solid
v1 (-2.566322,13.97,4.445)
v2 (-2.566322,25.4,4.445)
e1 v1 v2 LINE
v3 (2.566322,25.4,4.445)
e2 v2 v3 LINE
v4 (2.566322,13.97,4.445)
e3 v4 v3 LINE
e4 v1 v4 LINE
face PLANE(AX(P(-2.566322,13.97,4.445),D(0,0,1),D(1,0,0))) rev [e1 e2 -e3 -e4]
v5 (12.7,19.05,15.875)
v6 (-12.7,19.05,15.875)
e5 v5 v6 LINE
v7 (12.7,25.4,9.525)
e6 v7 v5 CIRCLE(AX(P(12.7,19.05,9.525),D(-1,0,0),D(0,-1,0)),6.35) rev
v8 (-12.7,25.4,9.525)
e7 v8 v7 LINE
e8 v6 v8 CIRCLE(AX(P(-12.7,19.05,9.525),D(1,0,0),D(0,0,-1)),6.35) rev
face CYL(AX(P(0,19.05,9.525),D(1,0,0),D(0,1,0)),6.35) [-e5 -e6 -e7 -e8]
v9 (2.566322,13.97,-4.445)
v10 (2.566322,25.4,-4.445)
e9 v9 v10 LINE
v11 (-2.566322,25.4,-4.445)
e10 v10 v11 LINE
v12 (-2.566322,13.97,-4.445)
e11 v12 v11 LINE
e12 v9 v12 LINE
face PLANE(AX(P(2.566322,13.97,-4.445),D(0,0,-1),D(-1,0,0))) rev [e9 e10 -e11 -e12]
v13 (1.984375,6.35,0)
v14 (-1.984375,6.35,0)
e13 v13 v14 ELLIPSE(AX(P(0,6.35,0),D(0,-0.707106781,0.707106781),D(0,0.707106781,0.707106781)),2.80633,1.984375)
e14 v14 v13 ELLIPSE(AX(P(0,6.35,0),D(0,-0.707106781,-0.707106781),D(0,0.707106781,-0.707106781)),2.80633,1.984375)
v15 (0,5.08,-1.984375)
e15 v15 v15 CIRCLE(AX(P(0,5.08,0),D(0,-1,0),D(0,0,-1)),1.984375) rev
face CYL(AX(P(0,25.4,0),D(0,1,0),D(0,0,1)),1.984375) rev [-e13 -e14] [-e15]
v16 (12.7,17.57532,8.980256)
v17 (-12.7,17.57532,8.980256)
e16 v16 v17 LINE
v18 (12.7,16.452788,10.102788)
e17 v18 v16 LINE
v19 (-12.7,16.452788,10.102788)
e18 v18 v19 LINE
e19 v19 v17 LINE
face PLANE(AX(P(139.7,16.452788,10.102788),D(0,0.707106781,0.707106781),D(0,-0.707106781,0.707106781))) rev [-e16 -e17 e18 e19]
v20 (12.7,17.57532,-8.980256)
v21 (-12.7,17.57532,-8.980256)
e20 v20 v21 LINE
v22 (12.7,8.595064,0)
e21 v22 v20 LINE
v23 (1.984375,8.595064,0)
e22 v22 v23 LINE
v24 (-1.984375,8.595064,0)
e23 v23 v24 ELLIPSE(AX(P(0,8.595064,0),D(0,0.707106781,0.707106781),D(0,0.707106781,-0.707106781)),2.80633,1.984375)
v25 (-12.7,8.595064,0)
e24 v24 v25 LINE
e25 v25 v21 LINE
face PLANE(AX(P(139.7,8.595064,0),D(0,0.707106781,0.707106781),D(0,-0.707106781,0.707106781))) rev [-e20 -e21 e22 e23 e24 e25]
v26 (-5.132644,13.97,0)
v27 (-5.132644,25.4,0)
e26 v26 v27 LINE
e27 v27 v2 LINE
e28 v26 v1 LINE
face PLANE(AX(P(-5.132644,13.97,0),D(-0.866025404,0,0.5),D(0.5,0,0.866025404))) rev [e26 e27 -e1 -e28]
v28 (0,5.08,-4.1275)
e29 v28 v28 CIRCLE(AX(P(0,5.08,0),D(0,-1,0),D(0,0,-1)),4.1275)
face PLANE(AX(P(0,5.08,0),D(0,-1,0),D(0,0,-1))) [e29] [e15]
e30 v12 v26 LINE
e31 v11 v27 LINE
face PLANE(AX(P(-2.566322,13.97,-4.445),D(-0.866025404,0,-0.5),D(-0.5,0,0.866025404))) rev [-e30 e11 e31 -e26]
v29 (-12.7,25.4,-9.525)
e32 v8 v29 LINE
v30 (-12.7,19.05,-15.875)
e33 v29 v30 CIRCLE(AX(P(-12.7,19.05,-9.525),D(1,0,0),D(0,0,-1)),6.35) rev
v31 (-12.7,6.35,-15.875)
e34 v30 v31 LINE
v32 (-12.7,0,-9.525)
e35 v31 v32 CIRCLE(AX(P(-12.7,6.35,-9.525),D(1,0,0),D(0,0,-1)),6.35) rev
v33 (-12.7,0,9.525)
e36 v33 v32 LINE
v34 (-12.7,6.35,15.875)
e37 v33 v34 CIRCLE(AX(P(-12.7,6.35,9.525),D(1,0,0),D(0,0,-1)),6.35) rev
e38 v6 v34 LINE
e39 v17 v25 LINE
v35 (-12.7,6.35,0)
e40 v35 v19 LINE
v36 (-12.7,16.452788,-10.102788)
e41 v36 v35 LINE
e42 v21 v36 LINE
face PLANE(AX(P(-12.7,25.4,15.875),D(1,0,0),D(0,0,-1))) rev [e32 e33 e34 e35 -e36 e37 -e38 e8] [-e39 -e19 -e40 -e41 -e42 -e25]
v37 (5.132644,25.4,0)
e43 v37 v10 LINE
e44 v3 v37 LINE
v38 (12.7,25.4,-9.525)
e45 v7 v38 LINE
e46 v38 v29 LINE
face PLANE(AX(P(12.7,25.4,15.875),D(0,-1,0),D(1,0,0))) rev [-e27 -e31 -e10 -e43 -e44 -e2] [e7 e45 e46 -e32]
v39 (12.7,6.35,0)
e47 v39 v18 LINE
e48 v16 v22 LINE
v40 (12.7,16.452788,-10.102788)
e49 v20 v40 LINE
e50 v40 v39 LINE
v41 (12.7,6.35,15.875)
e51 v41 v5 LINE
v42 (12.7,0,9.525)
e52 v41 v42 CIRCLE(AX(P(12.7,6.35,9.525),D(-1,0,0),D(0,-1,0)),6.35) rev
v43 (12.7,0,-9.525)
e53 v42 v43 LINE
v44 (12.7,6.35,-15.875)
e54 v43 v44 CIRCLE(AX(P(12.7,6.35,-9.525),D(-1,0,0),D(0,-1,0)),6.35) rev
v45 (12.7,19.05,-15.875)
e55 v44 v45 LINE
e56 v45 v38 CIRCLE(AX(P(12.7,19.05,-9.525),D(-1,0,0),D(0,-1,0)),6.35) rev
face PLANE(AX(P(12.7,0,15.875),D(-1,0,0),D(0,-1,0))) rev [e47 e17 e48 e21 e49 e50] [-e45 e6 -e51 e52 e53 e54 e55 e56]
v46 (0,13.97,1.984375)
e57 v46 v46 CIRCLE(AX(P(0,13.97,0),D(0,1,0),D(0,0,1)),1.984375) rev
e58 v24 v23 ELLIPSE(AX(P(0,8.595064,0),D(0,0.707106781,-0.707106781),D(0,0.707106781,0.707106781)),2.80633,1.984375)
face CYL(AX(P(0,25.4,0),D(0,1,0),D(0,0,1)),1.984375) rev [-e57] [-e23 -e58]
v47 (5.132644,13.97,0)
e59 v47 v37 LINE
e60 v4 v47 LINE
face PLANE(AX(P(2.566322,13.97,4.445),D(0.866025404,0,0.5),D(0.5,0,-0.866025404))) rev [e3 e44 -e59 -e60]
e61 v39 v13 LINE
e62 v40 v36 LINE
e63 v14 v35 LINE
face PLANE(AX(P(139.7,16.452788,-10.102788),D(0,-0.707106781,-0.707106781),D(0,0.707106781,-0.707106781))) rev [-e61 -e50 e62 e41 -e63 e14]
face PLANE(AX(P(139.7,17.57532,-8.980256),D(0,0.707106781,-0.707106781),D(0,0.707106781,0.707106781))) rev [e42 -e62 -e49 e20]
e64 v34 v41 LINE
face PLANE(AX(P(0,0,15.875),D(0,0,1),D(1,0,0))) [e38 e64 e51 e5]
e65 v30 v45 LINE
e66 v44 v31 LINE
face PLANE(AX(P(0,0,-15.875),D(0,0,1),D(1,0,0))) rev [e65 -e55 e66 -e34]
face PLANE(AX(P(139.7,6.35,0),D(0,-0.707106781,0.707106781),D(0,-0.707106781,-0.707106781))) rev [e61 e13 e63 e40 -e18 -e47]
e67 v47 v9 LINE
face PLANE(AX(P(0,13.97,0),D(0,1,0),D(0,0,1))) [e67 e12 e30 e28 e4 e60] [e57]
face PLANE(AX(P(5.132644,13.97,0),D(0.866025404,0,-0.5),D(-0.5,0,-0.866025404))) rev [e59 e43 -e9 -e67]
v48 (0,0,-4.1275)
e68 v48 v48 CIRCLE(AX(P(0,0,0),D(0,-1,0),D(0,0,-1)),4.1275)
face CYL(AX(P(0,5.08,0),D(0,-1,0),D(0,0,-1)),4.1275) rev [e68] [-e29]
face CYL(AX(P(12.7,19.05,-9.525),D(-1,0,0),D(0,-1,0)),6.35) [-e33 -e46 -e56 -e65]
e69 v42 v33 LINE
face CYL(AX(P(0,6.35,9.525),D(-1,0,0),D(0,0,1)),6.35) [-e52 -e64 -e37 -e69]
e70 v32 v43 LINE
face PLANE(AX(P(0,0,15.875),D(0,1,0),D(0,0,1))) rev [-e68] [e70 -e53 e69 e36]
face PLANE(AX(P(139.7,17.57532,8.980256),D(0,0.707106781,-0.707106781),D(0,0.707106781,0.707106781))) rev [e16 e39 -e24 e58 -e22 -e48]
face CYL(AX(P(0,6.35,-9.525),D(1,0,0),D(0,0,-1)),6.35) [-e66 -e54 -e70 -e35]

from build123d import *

# Parameters (mm, degrees)
BOSS_EXTRUDE1_DEPTH         = 15.875
CUT_EXTRUDE1_DEPTH          = 152.4
F_1_4_0_25_DIAMETER_HOLE1_D = 3.96875
CUT_EXTRUDE2_DEPTH          = 11.43
SKETCH8_R                   = 4.1275
CUT_EXTRUDE3_DEPTH          = 5.08
FILLET1_R                   = 6.35


with BuildPart() as part:
    # Sketch1 → Boss-Extrude1 (new, symmetric)
    with BuildSketch(Plane.XY):
        Polygon((0, 0), (12.7, 0), (12.7, 25.4), (-12.7, 25.4), (-12.7, 0), align=None)
    extrude(amount=BOSS_EXTRUDE1_DEPTH, both=True)

    # Sketch2 → Cut-Extrude1 (cut)
    with BuildSketch(Plane.ZY.offset(12.7)):
        Polygon((0, 8.59506403), (-8.980256121, 17.575320151), (-10.102788136, 16.452788136), (0, 6.35), (10.102788136, 16.452788136), (8.980256121, 17.575320151), align=None)
    extrude(amount=-CUT_EXTRUDE1_DEPTH, mode=Mode.SUBTRACT)

    # 1/4 (0.25) Diameter Hole1 (through all)
    with Locations(Plane(origin=(0, 25.4, 0), x_dir=(1, 0, 0), z_dir=(0, 1, 0))):
        with Locations((0, 0), (76.2, 0)):
            Hole(F_1_4_0_25_DIAMETER_HOLE1_D / 2)

    # Sketch7 → Cut-Extrude2 (cut)
    with BuildSketch(Plane(origin=(0, 25.4, 0), x_dir=(1, 0, 0), z_dir=(0, 1, 0))):
        Polygon((5.132643893, 0), (2.566321947, 4.445), (-2.566321947, 4.445), (-5.132643893, 0), (-2.566321947, -4.445), (2.566321947, -4.445), align=None)
    extrude(amount=-CUT_EXTRUDE2_DEPTH, mode=Mode.SUBTRACT)

    # Sketch8 → Cut-Extrude3 (cut)
    with BuildSketch(Plane.XZ):
        with Locations(Location((0, 0, 0), (0, 0, 270))):
            Circle(SKETCH8_R)
    extrude(amount=-CUT_EXTRUDE3_DEPTH, mode=Mode.SUBTRACT)

    # Fillet1
    fillet1_edges = [part.edges().sort_by_distance(p)[0] for p in [
        (0, 25.4, 15.875),
        (0, 0, 15.875),
        (0, 25.4, -15.875),
        (0, 0, -15.875),
    ]]
    fillet(fillet1_edges, radius=FILLET1_R)


solid = part.part
